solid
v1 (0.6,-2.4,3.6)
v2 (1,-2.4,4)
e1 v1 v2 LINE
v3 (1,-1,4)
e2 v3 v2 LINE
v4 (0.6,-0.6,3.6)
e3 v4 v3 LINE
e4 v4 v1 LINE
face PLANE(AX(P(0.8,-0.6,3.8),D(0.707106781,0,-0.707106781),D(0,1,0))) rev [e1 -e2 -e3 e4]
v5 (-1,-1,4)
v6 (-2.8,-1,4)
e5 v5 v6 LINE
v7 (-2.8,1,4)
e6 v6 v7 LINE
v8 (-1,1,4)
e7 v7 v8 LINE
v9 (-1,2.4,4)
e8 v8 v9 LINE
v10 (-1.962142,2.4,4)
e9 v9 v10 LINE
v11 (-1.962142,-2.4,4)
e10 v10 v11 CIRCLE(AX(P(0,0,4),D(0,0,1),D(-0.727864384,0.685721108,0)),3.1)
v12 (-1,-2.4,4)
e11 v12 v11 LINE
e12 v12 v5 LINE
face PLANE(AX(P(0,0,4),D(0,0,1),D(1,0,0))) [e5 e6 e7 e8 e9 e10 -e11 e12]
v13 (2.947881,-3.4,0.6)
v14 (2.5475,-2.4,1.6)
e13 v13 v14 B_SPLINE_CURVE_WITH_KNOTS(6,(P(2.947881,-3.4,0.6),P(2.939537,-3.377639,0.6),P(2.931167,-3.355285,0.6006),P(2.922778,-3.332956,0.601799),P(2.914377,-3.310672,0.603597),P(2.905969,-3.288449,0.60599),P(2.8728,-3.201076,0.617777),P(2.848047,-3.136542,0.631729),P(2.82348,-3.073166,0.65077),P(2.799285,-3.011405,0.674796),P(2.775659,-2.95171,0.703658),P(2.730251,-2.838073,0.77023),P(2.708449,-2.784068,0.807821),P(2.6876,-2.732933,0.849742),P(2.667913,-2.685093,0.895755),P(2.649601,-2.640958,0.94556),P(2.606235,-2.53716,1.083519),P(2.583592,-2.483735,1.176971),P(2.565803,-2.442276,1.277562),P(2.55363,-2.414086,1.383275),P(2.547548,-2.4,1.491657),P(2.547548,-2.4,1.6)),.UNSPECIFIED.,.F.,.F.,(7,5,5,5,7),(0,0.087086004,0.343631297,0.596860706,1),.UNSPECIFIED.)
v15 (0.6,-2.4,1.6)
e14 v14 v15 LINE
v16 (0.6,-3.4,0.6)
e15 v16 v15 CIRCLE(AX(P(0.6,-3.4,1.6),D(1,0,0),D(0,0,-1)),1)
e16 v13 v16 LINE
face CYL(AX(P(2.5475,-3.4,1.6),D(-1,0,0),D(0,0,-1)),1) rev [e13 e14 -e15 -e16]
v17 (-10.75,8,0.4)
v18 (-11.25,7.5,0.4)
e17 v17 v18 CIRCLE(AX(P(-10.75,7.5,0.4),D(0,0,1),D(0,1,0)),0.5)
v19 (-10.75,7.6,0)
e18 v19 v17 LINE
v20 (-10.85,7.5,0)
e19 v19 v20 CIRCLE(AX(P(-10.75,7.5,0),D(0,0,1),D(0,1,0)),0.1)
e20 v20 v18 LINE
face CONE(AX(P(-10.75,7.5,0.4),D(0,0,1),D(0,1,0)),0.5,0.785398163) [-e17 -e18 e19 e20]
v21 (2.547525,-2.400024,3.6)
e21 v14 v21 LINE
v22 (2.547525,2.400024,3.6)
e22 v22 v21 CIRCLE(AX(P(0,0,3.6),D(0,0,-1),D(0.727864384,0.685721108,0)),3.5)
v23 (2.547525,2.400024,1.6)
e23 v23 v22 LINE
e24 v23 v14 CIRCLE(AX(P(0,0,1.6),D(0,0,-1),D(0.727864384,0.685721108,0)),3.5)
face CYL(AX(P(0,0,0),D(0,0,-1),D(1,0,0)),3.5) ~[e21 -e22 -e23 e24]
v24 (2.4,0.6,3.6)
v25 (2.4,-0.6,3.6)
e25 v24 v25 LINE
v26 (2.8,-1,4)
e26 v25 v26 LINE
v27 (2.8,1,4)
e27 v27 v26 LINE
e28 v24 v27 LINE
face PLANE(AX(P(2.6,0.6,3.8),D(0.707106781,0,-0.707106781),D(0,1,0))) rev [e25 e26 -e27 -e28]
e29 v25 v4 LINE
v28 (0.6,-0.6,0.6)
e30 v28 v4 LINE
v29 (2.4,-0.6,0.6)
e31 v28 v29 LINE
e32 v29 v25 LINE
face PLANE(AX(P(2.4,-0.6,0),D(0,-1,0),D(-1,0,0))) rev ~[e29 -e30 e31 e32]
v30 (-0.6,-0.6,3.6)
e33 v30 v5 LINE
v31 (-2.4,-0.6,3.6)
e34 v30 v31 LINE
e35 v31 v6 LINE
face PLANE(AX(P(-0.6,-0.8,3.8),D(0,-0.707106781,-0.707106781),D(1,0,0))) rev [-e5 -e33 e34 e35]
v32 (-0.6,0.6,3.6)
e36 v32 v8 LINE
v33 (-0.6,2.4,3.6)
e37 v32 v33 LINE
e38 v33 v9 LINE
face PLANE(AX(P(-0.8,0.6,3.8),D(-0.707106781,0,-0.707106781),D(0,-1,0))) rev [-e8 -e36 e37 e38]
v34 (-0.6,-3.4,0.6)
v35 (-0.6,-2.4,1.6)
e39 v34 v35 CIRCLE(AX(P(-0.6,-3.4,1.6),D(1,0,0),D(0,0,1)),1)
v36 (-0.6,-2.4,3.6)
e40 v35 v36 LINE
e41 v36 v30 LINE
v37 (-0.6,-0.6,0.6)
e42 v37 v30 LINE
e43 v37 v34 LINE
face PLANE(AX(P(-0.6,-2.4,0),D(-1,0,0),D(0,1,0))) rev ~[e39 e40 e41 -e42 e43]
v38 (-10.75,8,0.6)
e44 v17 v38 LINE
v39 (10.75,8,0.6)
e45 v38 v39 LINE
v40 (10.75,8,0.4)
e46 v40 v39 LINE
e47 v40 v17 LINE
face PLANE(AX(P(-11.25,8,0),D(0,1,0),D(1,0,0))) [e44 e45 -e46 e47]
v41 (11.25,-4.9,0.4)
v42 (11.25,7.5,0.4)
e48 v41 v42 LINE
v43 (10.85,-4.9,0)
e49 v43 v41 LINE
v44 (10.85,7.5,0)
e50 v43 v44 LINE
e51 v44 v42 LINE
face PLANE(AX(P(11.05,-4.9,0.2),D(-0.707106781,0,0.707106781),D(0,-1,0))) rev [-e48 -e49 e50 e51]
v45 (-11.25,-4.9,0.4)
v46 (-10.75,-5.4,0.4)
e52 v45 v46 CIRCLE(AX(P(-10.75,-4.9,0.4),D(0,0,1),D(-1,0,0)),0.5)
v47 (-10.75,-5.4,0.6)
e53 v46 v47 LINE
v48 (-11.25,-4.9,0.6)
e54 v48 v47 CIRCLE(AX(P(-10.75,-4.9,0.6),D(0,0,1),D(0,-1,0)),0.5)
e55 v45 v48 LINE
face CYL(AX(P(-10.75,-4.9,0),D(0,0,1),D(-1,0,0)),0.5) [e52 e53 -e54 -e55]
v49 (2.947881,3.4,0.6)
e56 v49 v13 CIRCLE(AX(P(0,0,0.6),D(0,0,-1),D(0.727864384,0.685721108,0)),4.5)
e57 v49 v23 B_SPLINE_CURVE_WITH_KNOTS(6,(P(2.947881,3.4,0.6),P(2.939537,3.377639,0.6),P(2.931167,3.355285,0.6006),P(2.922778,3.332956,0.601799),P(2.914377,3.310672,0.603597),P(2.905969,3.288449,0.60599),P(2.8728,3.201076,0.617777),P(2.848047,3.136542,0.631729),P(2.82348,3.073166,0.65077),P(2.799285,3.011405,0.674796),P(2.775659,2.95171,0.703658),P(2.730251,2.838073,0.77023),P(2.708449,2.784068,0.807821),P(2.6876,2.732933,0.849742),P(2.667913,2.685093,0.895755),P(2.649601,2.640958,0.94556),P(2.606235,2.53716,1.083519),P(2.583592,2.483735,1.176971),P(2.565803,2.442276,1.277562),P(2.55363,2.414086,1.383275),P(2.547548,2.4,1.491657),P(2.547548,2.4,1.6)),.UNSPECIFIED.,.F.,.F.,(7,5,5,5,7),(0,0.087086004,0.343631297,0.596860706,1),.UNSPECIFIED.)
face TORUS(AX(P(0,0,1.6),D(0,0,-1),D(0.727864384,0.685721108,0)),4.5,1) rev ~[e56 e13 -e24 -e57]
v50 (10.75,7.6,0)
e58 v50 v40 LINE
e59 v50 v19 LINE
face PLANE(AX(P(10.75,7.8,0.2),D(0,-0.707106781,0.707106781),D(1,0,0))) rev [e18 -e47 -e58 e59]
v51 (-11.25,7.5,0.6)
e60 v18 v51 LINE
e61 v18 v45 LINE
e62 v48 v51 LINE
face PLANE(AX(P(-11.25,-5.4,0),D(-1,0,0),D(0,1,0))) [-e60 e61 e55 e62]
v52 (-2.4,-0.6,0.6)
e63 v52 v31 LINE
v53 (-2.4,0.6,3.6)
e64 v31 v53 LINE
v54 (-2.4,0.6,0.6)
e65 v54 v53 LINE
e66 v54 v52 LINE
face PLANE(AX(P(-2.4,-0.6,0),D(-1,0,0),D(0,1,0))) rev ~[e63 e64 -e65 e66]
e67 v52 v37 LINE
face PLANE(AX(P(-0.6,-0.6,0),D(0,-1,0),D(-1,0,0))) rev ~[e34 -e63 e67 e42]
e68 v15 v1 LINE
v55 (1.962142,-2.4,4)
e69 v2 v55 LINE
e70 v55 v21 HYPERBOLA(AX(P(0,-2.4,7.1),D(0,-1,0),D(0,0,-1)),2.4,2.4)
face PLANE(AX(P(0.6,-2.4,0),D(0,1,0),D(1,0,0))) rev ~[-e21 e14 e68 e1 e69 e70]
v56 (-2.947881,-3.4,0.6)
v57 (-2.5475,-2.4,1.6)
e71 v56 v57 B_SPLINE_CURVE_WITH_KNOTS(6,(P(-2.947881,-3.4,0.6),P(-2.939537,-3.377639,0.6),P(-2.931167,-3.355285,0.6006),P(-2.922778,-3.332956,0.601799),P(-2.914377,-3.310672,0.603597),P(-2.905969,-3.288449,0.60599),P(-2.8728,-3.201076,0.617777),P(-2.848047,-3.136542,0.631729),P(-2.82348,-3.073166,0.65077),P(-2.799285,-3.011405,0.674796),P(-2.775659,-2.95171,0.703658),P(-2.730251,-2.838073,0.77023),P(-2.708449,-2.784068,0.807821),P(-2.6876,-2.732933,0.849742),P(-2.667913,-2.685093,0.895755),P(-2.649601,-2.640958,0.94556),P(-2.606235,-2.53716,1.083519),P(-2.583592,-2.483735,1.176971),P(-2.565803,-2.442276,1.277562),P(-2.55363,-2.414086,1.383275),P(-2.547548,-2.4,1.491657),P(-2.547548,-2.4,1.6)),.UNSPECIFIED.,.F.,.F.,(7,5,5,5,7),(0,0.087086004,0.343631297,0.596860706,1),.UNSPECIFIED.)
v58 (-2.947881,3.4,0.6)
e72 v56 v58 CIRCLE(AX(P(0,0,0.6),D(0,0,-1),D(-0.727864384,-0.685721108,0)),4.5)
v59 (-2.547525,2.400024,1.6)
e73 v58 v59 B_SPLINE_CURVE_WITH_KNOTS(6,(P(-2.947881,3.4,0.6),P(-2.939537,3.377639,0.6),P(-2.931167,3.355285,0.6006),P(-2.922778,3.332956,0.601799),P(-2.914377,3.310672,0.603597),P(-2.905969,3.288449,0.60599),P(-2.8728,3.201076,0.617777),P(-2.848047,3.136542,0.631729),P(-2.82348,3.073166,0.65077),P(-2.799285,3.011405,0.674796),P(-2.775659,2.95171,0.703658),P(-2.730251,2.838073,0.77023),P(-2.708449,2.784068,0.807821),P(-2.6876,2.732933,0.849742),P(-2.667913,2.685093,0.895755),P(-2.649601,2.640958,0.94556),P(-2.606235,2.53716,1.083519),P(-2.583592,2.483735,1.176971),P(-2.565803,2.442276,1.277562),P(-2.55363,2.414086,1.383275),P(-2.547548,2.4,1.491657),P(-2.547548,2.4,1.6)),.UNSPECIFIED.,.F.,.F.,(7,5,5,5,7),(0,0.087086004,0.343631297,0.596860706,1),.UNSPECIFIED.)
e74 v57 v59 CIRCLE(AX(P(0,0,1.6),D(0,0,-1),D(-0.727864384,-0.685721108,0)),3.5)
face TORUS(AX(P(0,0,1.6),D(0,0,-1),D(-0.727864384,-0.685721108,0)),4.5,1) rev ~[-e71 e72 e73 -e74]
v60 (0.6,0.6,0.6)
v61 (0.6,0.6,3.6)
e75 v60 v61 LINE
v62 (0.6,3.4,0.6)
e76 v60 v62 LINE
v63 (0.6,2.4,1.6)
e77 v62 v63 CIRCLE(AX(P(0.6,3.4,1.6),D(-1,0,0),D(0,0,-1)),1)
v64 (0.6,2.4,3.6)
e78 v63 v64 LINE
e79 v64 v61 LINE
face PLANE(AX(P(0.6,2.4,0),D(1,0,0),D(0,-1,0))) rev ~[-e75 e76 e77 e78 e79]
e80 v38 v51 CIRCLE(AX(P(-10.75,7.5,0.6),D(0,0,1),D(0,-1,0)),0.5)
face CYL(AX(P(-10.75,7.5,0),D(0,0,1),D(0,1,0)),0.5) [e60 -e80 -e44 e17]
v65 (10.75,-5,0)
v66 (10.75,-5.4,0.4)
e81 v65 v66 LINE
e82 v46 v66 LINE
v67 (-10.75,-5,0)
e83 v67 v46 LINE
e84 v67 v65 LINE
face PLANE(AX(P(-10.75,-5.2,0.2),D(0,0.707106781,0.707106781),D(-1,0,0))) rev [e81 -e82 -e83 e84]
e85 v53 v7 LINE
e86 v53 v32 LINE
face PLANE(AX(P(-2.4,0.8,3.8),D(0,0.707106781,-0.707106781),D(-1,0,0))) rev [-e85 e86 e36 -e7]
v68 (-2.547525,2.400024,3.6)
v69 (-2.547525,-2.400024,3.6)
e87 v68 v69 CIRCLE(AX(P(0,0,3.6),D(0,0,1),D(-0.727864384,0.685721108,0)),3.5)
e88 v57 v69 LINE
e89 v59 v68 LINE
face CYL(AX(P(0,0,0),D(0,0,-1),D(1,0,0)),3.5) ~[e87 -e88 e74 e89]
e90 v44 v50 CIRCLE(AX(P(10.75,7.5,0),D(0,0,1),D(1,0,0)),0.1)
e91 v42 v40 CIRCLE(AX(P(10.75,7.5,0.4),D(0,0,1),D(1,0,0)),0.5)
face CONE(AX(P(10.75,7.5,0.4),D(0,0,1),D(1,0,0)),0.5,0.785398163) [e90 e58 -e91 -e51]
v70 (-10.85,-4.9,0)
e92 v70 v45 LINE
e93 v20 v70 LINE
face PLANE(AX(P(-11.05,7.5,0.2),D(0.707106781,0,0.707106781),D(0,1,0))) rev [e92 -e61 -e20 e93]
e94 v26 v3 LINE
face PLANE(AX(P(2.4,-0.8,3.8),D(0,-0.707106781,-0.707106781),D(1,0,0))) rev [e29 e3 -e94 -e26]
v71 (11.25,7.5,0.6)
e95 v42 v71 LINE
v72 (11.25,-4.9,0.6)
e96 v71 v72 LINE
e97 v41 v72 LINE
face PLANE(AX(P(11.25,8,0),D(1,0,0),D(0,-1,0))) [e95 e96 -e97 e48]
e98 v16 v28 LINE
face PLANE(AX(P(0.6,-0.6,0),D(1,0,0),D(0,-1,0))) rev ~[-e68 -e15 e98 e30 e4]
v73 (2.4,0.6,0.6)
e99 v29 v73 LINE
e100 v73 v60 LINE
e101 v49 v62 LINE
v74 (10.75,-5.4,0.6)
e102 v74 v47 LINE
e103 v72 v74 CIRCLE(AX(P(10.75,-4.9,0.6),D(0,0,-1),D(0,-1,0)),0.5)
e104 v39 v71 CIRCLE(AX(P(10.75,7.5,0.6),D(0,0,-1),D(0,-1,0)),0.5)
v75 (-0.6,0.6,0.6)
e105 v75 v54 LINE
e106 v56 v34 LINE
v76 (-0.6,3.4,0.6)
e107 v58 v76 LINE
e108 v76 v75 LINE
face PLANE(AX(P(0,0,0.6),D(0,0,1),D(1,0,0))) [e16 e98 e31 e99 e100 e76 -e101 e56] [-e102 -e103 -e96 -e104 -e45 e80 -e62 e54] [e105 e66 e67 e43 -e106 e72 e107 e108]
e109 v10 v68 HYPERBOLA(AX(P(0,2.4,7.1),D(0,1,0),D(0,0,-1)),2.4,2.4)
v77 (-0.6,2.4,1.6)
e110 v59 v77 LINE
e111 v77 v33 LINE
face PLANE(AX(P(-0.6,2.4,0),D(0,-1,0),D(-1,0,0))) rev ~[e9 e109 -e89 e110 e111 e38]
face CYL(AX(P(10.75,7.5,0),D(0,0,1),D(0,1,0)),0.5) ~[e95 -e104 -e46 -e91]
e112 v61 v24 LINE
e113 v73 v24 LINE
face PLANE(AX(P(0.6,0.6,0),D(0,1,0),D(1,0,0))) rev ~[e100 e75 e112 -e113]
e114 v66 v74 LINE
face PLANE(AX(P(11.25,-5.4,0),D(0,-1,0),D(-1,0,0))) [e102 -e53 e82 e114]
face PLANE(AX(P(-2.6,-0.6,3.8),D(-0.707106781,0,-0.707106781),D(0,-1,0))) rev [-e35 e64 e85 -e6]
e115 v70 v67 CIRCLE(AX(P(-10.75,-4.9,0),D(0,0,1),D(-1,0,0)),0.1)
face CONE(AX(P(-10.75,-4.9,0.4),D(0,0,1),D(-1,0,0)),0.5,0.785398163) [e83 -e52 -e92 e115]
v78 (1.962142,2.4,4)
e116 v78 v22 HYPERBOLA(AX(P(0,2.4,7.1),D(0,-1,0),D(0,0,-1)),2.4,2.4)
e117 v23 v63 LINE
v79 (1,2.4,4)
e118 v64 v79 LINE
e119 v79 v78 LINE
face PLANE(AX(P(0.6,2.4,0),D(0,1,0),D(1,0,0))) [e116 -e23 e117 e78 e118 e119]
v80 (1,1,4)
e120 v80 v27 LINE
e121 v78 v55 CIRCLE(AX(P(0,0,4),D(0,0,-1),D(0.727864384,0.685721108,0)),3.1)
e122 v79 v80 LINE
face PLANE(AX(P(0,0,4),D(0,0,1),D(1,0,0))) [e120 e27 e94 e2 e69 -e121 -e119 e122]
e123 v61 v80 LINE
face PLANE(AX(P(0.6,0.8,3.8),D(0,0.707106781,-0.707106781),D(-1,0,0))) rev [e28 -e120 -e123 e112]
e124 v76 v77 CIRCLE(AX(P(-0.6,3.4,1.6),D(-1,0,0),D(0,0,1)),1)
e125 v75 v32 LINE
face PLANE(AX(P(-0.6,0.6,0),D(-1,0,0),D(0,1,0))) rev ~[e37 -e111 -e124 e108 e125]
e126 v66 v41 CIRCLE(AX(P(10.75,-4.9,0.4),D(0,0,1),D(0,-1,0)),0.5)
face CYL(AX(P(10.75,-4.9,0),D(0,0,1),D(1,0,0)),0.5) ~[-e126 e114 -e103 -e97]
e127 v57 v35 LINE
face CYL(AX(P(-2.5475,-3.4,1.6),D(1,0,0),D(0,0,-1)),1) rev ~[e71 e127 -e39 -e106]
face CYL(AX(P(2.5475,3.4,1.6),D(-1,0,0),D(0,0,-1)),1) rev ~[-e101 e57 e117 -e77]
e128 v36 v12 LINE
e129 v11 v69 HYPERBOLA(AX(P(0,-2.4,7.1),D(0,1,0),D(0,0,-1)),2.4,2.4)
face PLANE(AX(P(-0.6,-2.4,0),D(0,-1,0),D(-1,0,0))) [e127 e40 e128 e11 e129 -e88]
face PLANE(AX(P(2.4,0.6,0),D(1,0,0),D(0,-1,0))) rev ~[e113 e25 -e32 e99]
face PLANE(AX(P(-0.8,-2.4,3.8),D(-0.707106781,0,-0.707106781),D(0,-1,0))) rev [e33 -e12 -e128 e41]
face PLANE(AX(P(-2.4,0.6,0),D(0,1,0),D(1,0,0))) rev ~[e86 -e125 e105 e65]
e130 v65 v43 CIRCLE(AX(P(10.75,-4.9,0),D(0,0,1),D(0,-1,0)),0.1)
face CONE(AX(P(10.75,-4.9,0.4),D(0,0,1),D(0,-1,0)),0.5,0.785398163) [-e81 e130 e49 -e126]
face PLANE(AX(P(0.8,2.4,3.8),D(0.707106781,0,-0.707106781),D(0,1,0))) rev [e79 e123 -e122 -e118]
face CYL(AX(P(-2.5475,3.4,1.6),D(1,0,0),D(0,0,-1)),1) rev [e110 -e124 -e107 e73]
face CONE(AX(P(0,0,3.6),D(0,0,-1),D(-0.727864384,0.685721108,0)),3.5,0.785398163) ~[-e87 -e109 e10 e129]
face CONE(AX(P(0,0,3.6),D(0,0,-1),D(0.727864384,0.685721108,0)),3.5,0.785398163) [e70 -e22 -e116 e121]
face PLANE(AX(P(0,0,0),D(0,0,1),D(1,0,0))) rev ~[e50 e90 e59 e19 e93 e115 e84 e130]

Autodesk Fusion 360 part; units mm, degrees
sketch "Sketch1" plane through (0, 0, 0) normal (0, 0, 1) x (1, 0, 0)
  line L0 (13.85, 9) -> (-13.85, 9) construction
  line L1 (-13.85, 9) -> (-13.85, -9) construction
  line L2 (-13.85, -9) -> (13.85, -9) construction
  line L3 (13.85, -9) -> (13.85, 9) construction
  line L4 (13.85, 9) -> (-13.85, -9) construction
  line L5 (-13.85, 9) -> (13.85, -9) construction
  line L6 (-11.25, 8) -> (11.25, 8)
  line L7 (11.25, 8) -> (11.25, -5.4)
  line L8 (11.25, -5.4) -> (-11.25, -5.4)
  line L9 (-11.25, -5.4) -> (-11.25, 8)
  circle A0 centre (0, 0) radius 3.5
  line L10 (2.4, -0.6) -> (-2.4, -0.6)
  line L11 (-2.4, -0.6) -> (-2.4, 0.6)
  line L12 (-2.4, 0.6) -> (2.4, 0.6)
  line L13 (2.4, 0.6) -> (2.4, -0.6)
  line L14 (2.4, -0.6) -> (-2.4, 0.6) construction
  line L15 (-2.4, -0.6) -> (2.4, 0.6) construction
  line L16 (0.6, -2.4) -> (-0.6, -2.4)
  line L17 (-0.6, -2.4) -> (-0.6, 2.4)
  line L18 (-0.6, 2.4) -> (0.6, 2.4)
  line L19 (0.6, 2.4) -> (0.6, -2.4)
  line L20 (0.6, -2.4) -> (-0.6, 2.4) construction
  line L21 (-0.6, -2.4) -> (0.6, 2.4) construction
  line L22 (-0.6, 2.4) -> (-2.5475, 2.4)
  line L23 (0.6, 2.4) -> (2.5475, 2.4)
  line L24 (-0.6, -2.4) -> (-2.5475, -2.4)
  line L25 (0.6, -2.4) -> (2.5475, -2.4)
  dimension "d1" = 27.7
  dimension "d2" = 18
  dimension "d3" = 3.6
  dimension "d4" = 1
  dimension "d5" = 2.6
  dimension "d6" = 2.6
  dimension "d7" = 7
  dimension "d8" = 4.8
  dimension "d9" = 1.2
  dimension "d10" = 1.2
  dimension "d11" = 4.8
extrude "Extrude1" add sketch "Sketch1" along normal blind 0.6 contours L6 L7 L8 L9 | A0 L10 L12 L13 L19 L23 L25 | A0 L18 L22 L23 | A0 L16 L24 L25 | A0 L10 L11 L12 L17 L22 L24 | L12 L17 L18 L19 | L10 L16 L17 L19 | L10 L12 L17 L19 | L10 L12 L13 L19 | L10 L11 L12 L17
extrude "Extrude2" add sketch "Sketch1" along normal blind 4 contours A0 L10 L12 L13 L19 L23 L25 | A0 L10 L11 L12 L17 L22 L24
fillet "Fillet1" radius 1 6 edges at (-1.5738, -2.4, 0.6) (-3.5, 0, 0.6) (1.5738, -2.4, 0.6) (3.5, 0, 0.6) (1.5738, 2.4, 0.6) (-1.5738, 2.4, 0.6)
fillet "Fillet1" radius 0.5 4 edges at (11.25, 8, 0.3) (-11.25, 8, 0.3) (11.25, -5.4, 0.3) (-11.25, -5.4, 0.3)
chamfer "Chamfer1" distance 0.4 angle 45 20 edges at (-11.1036, 7.8536, 0) (0, 8, 0) (11.1036, 7.8536, 0) (11.25, 1.3, 0) (11.1036, -5.2536, 0) (0, -5.4, 0) (-11.1036, -5.2536, 0) (-11.25, 1.3, 0) (-0.6, 1.5, 4) (-1.5, 0.6, 4) (-2.4, 0, 4) (-1.5, -0.6, 4) (-0.6, -1.5, 4) (0.6, -1.5, 4) (1.5, -0.6, 4) (2.4, 0, 4) (1.5, 0.6, 4) (0.6, 1.5, 4) (3.5, 0, 4) (-3.5, 0, 4)
